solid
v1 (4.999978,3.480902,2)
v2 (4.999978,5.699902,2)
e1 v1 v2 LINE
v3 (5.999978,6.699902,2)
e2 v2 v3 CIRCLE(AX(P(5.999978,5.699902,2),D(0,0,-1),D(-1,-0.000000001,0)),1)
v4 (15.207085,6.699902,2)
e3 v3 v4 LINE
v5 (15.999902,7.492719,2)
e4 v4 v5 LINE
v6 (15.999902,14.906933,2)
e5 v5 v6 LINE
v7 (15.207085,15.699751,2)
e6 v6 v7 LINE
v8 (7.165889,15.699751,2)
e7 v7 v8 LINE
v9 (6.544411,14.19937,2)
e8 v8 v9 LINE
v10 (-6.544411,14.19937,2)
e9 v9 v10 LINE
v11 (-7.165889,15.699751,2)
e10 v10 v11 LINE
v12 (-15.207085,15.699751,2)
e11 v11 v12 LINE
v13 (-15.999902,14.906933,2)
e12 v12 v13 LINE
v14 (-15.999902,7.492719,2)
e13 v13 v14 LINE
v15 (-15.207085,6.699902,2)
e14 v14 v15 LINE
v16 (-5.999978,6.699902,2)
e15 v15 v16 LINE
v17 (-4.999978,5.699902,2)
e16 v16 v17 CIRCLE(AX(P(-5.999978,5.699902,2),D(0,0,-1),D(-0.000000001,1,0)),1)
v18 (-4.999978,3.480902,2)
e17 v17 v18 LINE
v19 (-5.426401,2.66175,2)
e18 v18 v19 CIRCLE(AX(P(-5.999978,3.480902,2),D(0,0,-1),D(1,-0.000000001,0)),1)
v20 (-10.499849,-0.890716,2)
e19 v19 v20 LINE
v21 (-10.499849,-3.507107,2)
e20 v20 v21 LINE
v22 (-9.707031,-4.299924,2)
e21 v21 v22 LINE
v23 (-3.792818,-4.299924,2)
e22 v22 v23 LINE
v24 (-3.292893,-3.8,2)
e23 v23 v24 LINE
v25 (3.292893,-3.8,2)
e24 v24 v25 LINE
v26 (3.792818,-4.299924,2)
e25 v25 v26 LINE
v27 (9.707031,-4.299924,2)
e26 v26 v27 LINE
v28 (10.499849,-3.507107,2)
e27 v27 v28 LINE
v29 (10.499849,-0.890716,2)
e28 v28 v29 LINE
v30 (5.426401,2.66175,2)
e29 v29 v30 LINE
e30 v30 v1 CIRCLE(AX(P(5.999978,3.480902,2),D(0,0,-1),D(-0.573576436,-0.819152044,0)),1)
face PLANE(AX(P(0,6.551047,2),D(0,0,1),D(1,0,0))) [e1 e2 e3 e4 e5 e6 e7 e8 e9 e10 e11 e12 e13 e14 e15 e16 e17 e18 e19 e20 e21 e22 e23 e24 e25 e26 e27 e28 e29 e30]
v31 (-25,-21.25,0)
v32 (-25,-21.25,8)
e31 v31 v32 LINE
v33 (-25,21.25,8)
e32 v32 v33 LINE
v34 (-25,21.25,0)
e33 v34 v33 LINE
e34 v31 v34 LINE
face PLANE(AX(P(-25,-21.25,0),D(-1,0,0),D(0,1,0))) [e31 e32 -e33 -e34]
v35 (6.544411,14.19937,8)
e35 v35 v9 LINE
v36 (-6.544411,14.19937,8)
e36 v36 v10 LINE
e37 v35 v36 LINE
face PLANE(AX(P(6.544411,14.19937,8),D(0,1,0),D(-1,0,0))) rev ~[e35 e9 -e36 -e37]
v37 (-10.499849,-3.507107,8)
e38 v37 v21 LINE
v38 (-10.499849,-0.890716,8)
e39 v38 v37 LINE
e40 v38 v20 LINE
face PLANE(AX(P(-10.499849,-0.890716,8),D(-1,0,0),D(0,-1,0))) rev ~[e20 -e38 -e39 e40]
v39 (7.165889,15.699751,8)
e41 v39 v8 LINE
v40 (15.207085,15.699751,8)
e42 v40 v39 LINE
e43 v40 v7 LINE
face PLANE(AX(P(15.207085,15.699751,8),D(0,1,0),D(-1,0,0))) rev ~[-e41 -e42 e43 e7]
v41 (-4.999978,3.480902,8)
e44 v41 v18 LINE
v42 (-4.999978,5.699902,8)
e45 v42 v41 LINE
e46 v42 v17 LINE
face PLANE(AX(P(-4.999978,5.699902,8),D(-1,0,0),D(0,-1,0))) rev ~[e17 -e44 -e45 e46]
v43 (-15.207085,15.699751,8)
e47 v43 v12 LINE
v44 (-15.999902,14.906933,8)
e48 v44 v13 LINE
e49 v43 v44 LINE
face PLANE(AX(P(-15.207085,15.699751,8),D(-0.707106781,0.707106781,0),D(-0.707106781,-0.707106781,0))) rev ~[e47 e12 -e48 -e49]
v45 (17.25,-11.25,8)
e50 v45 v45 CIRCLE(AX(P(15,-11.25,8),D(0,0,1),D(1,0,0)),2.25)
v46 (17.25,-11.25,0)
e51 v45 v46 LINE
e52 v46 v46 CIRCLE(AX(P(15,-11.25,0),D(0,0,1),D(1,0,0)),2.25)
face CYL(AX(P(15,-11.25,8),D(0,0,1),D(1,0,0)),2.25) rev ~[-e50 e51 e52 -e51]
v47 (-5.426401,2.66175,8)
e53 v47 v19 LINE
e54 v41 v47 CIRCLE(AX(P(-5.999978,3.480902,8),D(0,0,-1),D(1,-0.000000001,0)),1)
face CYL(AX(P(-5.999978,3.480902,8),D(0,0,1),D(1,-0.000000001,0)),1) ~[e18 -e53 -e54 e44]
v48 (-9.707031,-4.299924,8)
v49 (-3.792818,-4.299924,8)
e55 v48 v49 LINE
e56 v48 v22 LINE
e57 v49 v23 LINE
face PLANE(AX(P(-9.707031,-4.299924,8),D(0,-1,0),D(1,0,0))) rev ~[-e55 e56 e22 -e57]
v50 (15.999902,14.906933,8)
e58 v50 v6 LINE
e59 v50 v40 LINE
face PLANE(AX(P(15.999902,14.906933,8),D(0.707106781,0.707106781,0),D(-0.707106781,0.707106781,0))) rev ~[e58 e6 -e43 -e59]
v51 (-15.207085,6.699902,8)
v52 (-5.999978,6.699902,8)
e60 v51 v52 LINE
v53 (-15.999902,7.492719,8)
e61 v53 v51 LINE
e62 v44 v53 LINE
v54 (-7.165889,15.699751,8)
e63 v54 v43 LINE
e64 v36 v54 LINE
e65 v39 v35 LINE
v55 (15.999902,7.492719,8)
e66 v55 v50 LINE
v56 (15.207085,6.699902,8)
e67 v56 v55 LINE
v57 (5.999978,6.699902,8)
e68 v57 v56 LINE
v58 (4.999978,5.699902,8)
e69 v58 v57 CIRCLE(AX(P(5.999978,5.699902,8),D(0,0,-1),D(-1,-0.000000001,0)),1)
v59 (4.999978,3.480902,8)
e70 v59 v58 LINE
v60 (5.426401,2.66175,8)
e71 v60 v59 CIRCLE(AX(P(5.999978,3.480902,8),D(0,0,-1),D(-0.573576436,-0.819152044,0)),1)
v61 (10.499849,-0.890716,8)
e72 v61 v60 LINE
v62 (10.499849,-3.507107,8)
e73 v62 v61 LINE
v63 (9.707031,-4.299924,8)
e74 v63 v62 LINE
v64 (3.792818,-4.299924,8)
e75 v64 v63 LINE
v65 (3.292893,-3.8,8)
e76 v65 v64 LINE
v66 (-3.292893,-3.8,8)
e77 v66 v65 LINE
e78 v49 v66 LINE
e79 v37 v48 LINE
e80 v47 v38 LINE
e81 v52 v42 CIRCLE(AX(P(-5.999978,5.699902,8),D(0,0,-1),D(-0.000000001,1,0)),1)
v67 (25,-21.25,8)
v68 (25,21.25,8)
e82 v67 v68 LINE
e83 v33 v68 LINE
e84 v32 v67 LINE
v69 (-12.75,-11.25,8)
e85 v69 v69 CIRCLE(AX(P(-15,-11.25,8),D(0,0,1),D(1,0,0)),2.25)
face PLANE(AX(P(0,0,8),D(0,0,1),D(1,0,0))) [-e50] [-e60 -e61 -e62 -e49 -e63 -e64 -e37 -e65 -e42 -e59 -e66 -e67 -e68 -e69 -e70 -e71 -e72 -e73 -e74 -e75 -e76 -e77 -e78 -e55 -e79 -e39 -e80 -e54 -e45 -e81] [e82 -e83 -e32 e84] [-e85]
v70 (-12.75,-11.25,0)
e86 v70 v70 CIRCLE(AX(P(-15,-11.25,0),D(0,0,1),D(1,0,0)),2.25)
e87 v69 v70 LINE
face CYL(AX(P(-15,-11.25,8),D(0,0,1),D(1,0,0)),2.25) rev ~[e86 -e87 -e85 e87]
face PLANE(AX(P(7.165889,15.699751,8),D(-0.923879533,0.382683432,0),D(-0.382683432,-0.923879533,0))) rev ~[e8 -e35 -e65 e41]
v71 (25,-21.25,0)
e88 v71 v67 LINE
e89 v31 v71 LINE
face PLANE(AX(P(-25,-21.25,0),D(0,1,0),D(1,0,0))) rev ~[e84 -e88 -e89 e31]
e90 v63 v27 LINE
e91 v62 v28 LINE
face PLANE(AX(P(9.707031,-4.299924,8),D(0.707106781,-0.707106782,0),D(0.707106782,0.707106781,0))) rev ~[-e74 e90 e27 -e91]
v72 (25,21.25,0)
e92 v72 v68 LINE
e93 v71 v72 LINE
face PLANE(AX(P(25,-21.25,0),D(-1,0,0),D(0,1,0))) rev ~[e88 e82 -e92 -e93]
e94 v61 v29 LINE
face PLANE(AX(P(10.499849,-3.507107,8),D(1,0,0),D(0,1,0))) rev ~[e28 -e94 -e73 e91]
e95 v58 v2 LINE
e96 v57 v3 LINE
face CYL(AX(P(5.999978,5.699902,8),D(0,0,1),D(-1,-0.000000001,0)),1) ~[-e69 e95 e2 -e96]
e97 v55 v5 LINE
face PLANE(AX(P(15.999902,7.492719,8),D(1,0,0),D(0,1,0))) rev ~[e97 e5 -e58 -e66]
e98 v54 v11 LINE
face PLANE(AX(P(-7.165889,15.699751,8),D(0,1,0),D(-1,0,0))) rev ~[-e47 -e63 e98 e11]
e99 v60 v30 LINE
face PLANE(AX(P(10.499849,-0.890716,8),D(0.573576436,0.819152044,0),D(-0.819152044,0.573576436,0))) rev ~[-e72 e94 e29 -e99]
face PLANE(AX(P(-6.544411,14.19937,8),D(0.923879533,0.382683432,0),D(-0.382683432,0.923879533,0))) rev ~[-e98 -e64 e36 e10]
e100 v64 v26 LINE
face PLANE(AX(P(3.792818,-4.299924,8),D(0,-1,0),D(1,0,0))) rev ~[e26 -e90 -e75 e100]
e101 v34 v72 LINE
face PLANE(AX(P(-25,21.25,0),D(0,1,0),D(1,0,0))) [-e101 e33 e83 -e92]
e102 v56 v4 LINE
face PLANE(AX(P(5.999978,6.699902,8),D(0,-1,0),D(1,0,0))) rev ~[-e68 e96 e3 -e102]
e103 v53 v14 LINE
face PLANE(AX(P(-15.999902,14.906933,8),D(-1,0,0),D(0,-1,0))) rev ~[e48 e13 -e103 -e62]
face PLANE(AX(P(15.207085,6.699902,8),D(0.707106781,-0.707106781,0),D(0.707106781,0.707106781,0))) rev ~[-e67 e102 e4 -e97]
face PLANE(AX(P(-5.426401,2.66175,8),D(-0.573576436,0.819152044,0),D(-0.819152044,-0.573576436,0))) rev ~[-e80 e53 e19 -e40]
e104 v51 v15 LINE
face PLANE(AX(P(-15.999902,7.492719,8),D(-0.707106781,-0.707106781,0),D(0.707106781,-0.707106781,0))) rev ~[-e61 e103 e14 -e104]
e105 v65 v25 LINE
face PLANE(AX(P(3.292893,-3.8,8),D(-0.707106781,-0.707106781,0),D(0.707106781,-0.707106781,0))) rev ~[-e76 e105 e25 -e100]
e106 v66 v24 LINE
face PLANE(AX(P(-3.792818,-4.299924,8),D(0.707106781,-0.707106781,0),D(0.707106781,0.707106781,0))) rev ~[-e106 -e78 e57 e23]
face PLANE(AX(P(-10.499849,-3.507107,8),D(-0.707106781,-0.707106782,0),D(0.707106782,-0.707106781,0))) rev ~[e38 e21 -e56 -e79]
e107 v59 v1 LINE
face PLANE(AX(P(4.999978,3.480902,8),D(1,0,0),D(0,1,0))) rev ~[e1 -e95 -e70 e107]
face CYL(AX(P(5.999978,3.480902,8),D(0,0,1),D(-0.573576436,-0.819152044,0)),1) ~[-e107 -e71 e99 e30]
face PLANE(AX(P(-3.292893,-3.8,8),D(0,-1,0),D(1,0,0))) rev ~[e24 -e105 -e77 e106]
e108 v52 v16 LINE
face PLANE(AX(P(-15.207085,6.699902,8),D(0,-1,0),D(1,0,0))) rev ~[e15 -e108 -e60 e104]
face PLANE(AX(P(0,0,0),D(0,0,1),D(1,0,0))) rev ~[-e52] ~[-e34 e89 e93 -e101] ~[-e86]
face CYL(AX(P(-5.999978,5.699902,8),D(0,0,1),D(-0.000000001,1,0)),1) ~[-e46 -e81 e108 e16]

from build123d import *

# Parameters (mm, degrees)
SKETCH1_W           = 50
SKETCH1_H           = 42.5
BOSS_EXTRUDE1_DEPTH = 8
CUT_EXTRUDE1_DEPTH  = 6
SKETCH3_R           = 2.25
CUT_EXTRUDE2_DEPTH  = 34.772214911


with BuildPart() as part:
    # Sketch1 → Boss-Extrude1 (new body)
    with BuildSketch(Plane.XY):
        Rectangle(SKETCH1_W, SKETCH1_H)
    extrude(amount=BOSS_EXTRUDE1_DEPTH)

    # Sketch2 → Cut-Extrude1 (cut)
    with BuildSketch(Plane.XY.offset(8)):
        with BuildLine():
            Line((-3.292893219, -3.8), (3.292893219, -3.8))
            Line((3.292893219, -3.8), (3.792817713, -4.299924494))
            Line((3.792817713, -4.299924494), (9.707031275, -4.299924494))
            Line((9.707031275, -4.299924494), (10.499848989, -3.507106781))
            Line((10.499848989, -3.507106781), (10.499848989, -0.890716475))
            Line((10.499848989, -0.890716475), (5.426401458, 2.661749731))
            ThreePointArc((5.426401458, 2.661749731), (5.112967061, 3.019153162), (4.999977894, 3.480901775))
            Line((4.999977894, 3.480901775), (4.999977894, 5.699901775))
            ThreePointArc((4.999977894, 5.699901775), (5.292871113, 6.407008557), (5.999977894, 6.699901775))
            Line((5.999977894, 6.699901775), (15.207084675, 6.699901775))
            Line((15.207084675, 6.699901775), (15.999902388, 7.492719488))
            Line((15.999902388, 7.492719488), (15.999902388, 14.906933051))
            Line((15.999902388, 14.906933051), (15.207084675, 15.699750764))
            Line((15.207084675, 15.699750764), (7.165888575, 15.699750764))
            Line((7.165888575, 15.699750764), (6.544410681, 14.199370403))
            Line((6.544410681, 14.199370403), (-6.544410681, 14.199370403))
            Line((-6.544410681, 14.199370403), (-7.165888575, 15.699750764))
            Line((-7.165888575, 15.699750764), (-15.207084675, 15.699750764))
            Line((-15.207084675, 15.699750764), (-15.999902388, 14.906933051))
            Line((-15.999902388, 14.906933051), (-15.999902388, 7.492719488))
            Line((-15.999902388, 7.492719488), (-15.207084675, 6.699901775))
            Line((-15.207084675, 6.699901775), (-5.999977894, 6.699901775))
            ThreePointArc((-5.999977894, 6.699901775), (-5.292871113, 6.407008557), (-4.999977894, 5.699901775))
            Line((-4.999977894, 5.699901775), (-4.999977894, 3.480901775))
            ThreePointArc((-4.999977894, 3.480901775), (-5.112967061, 3.019153162), (-5.426401458, 2.661749731))
            Line((-5.426401458, 2.661749731), (-10.499848989, -0.890716475))
            Line((-10.499848989, -0.890716475), (-10.499848989, -3.507106781))
            Line((-10.499848989, -3.507106781), (-9.707031275, -4.299924494))
            Line((-9.707031275, -4.299924494), (-3.792817713, -4.299924494))
            Line((-3.792817713, -4.299924494), (-3.292893219, -3.8))
        make_face()
    extrude(amount=-CUT_EXTRUDE1_DEPTH, mode=Mode.SUBTRACT)

    # Sketch3 → Cut-Extrude2 (cut, through all)
    with BuildSketch(Plane.XY.offset(8)):
        with Locations((-15, -11.25)):
            Circle(SKETCH3_R)
        with Locations((15, -11.25)):
            Circle(SKETCH3_R)
    extrude(amount=-CUT_EXTRUDE2_DEPTH, mode=Mode.SUBTRACT)


solid = part.part
